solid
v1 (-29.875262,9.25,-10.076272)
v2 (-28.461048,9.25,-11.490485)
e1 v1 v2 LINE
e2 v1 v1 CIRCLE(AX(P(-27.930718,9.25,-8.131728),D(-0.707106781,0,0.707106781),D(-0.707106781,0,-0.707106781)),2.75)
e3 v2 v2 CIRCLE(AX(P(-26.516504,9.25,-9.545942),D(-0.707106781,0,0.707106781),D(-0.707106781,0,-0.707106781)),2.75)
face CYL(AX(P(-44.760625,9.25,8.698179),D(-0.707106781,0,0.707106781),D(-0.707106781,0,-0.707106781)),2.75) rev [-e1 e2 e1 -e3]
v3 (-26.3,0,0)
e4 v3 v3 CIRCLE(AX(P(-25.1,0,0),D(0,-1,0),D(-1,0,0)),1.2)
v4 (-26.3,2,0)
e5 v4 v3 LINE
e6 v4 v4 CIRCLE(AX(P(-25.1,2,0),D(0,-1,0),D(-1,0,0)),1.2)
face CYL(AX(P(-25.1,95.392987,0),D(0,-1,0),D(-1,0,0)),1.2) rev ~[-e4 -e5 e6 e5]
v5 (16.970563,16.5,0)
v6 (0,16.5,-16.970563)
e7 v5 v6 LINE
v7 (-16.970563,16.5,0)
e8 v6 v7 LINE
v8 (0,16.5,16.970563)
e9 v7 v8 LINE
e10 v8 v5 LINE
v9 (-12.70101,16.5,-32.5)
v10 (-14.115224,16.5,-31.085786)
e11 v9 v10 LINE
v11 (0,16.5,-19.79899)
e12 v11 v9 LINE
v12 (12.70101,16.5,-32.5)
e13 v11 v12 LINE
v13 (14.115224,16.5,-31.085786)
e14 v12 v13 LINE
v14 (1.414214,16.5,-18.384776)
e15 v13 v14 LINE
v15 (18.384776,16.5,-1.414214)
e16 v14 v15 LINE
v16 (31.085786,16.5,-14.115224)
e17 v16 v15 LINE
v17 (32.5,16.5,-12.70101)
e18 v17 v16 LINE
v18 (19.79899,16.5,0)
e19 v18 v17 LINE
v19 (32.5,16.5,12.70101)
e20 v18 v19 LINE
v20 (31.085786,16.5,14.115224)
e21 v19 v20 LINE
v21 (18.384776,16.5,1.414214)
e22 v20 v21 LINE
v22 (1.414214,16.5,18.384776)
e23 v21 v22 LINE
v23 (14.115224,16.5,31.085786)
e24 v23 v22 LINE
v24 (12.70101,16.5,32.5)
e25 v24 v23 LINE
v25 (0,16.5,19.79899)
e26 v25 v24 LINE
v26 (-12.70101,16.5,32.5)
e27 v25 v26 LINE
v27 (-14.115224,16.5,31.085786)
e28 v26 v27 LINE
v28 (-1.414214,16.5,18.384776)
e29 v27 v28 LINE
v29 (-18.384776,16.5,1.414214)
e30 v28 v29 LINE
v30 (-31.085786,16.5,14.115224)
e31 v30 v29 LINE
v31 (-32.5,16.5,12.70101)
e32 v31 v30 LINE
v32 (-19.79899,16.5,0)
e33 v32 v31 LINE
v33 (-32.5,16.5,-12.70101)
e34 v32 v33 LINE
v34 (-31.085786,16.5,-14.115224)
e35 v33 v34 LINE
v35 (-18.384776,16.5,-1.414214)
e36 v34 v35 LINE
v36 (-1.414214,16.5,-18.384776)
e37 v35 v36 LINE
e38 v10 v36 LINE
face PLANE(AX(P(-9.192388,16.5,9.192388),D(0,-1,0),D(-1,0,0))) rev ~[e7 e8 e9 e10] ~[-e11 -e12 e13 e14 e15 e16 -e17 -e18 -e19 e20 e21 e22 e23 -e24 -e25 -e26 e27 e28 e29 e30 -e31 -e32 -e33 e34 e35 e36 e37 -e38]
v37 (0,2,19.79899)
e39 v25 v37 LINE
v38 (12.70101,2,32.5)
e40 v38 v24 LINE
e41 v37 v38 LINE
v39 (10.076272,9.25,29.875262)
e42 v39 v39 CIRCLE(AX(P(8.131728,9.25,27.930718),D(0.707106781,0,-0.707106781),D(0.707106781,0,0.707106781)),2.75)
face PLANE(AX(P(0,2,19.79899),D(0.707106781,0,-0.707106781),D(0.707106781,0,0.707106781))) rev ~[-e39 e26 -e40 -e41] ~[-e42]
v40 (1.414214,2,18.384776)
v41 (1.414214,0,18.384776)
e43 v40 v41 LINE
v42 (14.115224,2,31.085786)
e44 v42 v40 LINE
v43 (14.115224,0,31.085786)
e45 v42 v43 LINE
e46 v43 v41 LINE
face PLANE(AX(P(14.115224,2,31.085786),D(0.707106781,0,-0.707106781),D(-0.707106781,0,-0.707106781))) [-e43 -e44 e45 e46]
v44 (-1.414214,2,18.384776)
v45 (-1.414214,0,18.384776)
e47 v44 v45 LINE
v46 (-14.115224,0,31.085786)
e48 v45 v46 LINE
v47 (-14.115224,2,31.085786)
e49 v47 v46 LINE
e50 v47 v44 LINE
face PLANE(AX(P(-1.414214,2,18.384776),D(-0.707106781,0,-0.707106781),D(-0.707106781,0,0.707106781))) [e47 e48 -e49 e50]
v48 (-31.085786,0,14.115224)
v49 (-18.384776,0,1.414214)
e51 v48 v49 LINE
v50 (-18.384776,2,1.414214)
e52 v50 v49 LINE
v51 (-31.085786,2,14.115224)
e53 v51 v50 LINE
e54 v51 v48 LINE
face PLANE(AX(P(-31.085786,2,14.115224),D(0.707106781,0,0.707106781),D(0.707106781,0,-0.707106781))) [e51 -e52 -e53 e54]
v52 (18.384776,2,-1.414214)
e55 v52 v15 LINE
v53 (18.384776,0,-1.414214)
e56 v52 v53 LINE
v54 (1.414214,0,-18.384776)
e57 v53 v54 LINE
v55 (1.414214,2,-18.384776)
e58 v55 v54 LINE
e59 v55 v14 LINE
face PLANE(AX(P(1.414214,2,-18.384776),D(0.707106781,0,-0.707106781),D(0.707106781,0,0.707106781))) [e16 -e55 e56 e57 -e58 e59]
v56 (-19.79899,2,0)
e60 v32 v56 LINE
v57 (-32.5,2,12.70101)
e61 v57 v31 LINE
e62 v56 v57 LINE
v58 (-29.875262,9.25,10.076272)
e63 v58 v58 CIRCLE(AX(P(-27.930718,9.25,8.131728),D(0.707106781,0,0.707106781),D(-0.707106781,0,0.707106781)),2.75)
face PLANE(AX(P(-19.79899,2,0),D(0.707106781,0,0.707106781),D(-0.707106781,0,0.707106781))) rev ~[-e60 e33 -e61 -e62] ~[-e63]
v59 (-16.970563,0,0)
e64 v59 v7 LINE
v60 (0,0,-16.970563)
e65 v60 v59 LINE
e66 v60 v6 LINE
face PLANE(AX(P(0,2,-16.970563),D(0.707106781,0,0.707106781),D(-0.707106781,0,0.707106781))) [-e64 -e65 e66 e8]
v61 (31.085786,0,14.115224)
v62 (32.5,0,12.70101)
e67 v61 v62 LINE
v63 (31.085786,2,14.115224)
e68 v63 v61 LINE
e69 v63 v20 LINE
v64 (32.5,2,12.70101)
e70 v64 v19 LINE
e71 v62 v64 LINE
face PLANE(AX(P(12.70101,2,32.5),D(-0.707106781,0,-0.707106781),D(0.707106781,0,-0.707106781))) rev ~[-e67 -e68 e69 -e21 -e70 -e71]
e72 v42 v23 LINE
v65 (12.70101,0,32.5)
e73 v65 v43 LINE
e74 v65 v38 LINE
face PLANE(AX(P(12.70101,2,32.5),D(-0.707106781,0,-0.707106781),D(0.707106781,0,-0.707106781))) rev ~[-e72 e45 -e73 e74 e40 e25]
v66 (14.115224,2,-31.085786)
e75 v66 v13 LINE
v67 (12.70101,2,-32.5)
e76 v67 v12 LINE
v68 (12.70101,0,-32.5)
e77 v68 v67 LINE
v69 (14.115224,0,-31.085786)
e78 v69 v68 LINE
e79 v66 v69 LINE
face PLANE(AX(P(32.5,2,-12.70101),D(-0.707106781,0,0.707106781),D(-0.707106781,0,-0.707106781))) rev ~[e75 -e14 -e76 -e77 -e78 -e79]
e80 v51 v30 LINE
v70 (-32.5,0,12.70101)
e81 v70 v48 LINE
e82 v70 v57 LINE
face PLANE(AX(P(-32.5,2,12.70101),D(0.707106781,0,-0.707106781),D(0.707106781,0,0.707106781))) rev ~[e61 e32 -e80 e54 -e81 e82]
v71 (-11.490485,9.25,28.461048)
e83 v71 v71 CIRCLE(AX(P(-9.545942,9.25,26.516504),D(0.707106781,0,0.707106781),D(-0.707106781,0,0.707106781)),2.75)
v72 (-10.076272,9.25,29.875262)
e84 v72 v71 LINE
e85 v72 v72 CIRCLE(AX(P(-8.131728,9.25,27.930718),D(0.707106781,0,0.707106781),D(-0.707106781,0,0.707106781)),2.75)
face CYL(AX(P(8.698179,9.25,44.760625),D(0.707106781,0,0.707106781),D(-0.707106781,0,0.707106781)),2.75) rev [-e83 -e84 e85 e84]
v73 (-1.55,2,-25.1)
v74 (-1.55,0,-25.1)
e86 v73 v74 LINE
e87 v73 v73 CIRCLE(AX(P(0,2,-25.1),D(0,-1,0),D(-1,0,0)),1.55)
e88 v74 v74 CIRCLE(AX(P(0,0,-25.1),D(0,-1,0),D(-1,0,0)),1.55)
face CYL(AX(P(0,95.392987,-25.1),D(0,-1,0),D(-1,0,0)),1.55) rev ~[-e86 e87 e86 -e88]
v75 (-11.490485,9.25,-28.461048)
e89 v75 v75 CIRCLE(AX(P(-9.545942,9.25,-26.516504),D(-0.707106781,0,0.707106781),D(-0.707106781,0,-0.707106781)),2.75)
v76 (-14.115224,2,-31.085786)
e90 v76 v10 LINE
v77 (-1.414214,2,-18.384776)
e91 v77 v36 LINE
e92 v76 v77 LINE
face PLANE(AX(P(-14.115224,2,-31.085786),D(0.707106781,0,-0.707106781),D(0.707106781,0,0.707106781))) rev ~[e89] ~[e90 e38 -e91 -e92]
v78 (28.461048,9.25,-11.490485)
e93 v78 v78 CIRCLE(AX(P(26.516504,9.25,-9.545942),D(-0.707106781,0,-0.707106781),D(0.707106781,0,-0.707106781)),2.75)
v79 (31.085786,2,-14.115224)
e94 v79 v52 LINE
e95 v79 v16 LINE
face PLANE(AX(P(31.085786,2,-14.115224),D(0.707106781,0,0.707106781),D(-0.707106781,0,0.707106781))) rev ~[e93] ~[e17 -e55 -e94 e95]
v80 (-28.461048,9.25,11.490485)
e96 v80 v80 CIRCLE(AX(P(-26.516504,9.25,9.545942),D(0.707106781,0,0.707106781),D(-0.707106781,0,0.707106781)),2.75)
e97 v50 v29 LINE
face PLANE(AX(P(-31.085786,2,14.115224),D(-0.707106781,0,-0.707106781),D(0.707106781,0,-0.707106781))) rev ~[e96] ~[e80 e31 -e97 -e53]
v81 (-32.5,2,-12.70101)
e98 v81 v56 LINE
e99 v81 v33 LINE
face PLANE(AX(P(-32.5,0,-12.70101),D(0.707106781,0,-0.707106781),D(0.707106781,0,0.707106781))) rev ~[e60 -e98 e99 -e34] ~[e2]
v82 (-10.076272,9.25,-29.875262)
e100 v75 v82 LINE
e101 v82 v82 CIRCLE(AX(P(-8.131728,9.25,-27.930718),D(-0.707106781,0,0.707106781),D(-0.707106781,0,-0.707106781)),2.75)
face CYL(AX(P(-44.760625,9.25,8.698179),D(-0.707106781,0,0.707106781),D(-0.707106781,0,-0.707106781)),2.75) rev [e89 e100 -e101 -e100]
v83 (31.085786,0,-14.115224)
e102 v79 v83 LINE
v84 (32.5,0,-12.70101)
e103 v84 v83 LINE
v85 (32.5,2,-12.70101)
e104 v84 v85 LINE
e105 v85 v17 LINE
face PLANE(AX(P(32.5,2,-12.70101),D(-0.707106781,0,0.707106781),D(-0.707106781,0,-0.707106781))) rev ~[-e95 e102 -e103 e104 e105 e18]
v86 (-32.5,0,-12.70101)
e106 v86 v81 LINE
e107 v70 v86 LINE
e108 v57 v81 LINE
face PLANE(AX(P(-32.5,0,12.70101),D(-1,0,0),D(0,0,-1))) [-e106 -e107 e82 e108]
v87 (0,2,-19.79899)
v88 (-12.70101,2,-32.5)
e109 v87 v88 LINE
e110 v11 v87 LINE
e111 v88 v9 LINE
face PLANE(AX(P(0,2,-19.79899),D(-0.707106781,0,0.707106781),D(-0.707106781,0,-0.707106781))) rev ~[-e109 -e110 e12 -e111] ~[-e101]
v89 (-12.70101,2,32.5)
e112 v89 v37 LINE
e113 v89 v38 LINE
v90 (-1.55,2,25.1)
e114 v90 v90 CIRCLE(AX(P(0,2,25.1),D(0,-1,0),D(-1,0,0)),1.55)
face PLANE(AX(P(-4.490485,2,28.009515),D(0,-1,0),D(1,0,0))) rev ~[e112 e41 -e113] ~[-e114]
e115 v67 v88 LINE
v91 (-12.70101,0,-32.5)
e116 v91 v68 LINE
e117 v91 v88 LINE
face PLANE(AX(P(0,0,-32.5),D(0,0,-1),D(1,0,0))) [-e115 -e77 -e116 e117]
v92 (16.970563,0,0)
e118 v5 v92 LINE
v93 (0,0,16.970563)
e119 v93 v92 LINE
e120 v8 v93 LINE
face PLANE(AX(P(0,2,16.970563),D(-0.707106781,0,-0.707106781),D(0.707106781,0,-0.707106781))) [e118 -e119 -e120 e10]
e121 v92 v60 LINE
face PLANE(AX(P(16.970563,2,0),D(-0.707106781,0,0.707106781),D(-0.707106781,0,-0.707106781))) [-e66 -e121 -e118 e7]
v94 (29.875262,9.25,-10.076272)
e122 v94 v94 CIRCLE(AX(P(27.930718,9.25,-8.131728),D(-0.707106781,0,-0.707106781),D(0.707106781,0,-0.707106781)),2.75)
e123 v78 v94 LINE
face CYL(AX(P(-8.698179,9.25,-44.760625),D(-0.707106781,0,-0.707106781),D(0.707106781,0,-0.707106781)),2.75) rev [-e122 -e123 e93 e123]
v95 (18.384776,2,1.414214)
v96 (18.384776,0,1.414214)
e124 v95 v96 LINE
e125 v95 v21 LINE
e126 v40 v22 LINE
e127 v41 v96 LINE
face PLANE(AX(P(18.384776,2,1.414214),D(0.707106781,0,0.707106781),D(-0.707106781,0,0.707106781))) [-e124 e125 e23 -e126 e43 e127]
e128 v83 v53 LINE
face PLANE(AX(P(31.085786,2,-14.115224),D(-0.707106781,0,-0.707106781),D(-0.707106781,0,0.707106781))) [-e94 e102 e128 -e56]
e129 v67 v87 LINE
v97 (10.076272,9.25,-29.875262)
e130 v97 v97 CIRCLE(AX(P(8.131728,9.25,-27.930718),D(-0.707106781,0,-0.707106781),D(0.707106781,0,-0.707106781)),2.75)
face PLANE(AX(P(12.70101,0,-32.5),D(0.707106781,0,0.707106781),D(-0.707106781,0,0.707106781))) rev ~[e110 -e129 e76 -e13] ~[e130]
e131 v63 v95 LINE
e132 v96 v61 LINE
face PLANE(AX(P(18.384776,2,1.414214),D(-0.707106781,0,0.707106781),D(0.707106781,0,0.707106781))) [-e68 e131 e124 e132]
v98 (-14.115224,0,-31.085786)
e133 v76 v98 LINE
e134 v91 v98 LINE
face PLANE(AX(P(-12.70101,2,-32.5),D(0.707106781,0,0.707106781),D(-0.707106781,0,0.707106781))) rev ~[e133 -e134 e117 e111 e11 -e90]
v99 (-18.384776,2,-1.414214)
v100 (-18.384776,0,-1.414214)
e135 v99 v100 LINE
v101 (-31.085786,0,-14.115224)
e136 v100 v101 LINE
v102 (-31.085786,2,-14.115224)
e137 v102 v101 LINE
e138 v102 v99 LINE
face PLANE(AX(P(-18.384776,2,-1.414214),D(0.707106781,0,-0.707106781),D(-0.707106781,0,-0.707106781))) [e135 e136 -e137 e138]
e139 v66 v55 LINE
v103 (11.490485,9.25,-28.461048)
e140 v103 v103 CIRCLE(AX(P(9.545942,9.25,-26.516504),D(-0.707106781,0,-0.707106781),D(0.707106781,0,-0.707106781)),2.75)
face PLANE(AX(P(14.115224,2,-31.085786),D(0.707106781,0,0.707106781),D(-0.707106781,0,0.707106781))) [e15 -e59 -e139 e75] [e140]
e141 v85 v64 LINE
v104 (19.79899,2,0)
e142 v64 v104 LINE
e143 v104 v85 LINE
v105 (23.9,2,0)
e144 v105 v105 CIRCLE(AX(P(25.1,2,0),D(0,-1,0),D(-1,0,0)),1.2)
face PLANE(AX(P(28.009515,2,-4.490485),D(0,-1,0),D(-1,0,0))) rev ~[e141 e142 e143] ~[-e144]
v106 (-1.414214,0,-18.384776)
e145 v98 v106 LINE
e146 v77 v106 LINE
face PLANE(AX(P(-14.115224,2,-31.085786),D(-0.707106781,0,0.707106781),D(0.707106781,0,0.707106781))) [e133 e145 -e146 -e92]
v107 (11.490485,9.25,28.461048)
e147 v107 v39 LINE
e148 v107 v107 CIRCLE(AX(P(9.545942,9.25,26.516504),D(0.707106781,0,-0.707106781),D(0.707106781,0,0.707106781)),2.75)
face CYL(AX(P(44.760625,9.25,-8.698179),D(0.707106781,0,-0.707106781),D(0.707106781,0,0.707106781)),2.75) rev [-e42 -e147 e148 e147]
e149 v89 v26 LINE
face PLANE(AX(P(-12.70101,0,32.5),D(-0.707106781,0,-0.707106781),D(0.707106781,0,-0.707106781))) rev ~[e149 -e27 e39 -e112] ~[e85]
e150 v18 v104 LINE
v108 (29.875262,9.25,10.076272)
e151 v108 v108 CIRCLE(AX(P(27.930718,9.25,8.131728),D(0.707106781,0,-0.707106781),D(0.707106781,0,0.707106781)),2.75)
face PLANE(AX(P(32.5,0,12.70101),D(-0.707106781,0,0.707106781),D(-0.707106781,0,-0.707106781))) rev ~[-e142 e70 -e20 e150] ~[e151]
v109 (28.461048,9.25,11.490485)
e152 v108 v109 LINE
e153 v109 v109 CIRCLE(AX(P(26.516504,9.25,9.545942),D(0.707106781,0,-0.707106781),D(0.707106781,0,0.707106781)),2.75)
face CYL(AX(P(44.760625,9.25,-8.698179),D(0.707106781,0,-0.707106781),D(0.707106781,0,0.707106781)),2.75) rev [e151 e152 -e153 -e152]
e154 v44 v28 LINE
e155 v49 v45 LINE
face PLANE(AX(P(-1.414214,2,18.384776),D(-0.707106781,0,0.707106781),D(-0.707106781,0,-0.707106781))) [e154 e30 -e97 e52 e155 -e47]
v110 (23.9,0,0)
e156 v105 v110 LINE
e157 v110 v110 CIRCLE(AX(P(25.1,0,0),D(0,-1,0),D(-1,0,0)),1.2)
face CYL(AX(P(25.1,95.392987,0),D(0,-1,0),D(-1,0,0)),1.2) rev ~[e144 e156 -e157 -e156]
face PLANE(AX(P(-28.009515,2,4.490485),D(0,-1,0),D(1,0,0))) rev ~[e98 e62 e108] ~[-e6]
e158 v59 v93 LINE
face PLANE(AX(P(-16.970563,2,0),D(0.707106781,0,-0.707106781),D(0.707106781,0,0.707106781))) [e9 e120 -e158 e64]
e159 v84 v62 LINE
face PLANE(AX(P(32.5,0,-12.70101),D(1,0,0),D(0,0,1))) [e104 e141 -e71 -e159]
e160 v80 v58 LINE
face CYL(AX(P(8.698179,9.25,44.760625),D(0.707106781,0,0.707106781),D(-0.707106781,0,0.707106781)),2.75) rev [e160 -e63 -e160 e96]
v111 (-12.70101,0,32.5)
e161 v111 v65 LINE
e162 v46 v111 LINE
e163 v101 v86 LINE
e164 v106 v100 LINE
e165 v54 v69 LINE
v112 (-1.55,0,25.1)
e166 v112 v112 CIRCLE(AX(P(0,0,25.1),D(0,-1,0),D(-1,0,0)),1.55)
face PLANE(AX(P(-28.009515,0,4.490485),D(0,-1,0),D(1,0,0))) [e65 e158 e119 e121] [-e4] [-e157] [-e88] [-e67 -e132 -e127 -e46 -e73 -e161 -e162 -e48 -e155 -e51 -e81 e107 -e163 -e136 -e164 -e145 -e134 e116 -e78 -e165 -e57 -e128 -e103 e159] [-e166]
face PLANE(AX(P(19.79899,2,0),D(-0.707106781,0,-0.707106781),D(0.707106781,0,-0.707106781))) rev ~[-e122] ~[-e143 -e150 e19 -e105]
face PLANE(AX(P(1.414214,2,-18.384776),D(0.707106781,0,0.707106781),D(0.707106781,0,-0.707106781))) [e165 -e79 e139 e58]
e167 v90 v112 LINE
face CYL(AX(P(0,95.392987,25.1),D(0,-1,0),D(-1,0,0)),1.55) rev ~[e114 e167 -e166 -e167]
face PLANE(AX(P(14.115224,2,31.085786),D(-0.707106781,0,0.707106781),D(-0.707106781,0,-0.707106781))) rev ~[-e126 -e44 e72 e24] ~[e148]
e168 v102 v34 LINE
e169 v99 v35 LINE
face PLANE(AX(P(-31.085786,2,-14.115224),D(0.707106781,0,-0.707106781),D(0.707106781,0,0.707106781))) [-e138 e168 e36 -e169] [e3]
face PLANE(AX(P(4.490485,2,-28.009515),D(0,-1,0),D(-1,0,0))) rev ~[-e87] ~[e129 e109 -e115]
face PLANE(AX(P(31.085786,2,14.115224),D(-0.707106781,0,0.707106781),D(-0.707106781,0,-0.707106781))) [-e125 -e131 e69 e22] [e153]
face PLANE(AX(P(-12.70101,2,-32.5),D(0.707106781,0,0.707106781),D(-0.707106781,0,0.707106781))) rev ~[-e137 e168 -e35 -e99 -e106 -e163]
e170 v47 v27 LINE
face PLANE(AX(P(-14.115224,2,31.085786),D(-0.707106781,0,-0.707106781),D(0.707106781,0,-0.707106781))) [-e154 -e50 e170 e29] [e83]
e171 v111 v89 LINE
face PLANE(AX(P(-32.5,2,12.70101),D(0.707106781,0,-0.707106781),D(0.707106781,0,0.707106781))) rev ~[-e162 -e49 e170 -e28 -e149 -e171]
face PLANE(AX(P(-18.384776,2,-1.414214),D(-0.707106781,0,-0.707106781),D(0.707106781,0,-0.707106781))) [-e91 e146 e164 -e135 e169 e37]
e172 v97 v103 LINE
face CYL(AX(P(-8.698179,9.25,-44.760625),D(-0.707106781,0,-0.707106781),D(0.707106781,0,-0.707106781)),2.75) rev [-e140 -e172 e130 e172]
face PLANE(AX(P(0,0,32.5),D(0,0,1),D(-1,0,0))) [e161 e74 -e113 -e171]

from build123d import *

# Parameters (mm, degrees)
GENERAL_SHAPE_DEPTH             = 2
RETAINING_WALLS_DEPTH           = 14.5
EXTERIOR_MOUNTING_EDGE_DEPTH    = 2
REAR_WALL_DEPTH                 = 14.5
CUT_EXTRUDE2_DEPTH              = 51.801082666
CUT_EXTRUDE2_DEPTH_BACK         = 51.801082666
SKETCH35_R                      = 2.75
CIRPATTERN2_COUNT               = 4
EXTERIOR_MOUNTING_HOLE_D        = 2.4
SHOULDER_SCREW_MOUNTING_HOLES_D = 3.1
CUT_EXTRUDE1_REACH              = 50.195


with BuildPart() as part:
    # Sketch3 → General shape (new body)
    with BuildSketch(Plane(origin=(0, 0, 0), x_dir=(1, 0, 0), z_dir=(0, 1, 0))):
        Polygon((-32.5, -12.701010127), (-12.701010127, -32.5), (0, -19.798989873), (0, 0), (-19.798989873, 0), align=None)
    extrude(amount=GENERAL_SHAPE_DEPTH)

    # Sketch4 → Retaining walls (add)
    with BuildSketch(Plane(origin=(0, 2, 0), x_dir=(1, 0, 0), z_dir=(0, 1, 0))):
        Polygon((-19.798989873, 0), (-32.5, -12.701010127), (-31.085786438, -14.115223689), (-16.970562748, 0), align=None)
        Polygon((-14.115223689, -31.085786438), (0, -16.970562748), (0, -19.798989873), (-12.701010127, -32.5), align=None)
    extrude(amount=RETAINING_WALLS_DEPTH)

    # Sketch14 → Exterior mounting edge (add)
    with BuildSketch(Plane.XZ):
        Polygon((-19.798989873, 0), (-32.5, 12.701010127), (-32.5, 0), align=None)
        Polygon((0, 19.798989873), (0, 32.5), (-12.701010127, 32.5), align=None)
    extrude(amount=-EXTERIOR_MOUNTING_EDGE_DEPTH)

    # Sketch18 → Rear wall (add)
    with BuildSketch(Plane(origin=(0, 2, 0), x_dir=(1, 0, 0), z_dir=(0, 1, 0))):
        Polygon((-16.970562748, 0), (0, -16.970562748), (-1.414213562, -18.384776311), (-18.384776311, -1.414213562), align=None)
    extrude(amount=REAR_WALL_DEPTH)

    # Sketch35 → Cut-Extrude2 (cut, two sides: drawn at the far end of the back side and taken through both)
    with BuildSketch(Plane(origin=(-9.899494937, 0, -9.899494937), x_dir=(-0.7071067811865475, 0, 0.7071067811865477), z_dir=(-0.7071067811865477, 0, -0.7071067811865475)).offset(-CUT_EXTRUDE2_DEPTH_BACK)):
        with Locations((25.5, 9.25)):
            Circle(SKETCH35_R)
    extrude(amount=CUT_EXTRUDE2_DEPTH + CUT_EXTRUDE2_DEPTH_BACK, mode=Mode.SUBTRACT)


with BuildPart() as cirpattern2_1:
    # CirPattern2: pattern copy
    add(part.part.rotate(Axis((0, 0, 0), (0, 1, 0)), 1 * 360 / CIRPATTERN2_COUNT))


with BuildPart() as cirpattern2_2:
    # CirPattern2: pattern copy
    add(part.part.rotate(Axis((0, 0, 0), (0, 1, 0)), 2 * 360 / CIRPATTERN2_COUNT))


with BuildPart() as cirpattern2_3:
    # CirPattern2: pattern copy
    add(part.part.rotate(Axis((0, 0, 0), (0, 1, 0)), 3 * 360 / CIRPATTERN2_COUNT))

    # Combine1: union CirPattern2_1, CirPattern2_2, part
    add(cirpattern2_1.part)
    add(cirpattern2_2.part)
    add(part.part)

    # Exterior mounting hole (through all)
    with Locations(Plane(origin=(0, 2, 0), x_dir=(1, 0, 0), z_dir=(0, 1, 0))):
        with Locations((-25.1, 0), (25.1, 0)):
            Hole(EXTERIOR_MOUNTING_HOLE_D / 2)

    # Shoulder screw mounting holes (through all)
    with Locations(Plane(origin=(0, 2, 0), x_dir=(1, 0, 0), z_dir=(0, 1, 0))):
        with Locations((0, -25.1), (0, 25.1)):
            Hole(SHOULDER_SCREW_MOUNTING_HOLES_D / 2)

    # Sketch23 → Cut-Extrude1 (cut, up to next)
    with BuildSketch(Plane(origin=(0, 2, 0), x_dir=(1, 0, 0), z_dir=(0, 1, 0)), mode=Mode.PRIVATE) as cut_extrude1_sk1:
        Polygon((0, 16.970562748), (-16.970562748, 0), (0, -16.970562748), (16.970562748, 0), align=None)
    cut_extrude1_tool1 = extrude(cut_extrude1_sk1.sketch, amount=-CUT_EXTRUDE1_REACH, mode=Mode.PRIVATE) & cirpattern2_3.part
    # Sketch23 → Cut-Extrude1 (cut, up to next)
    with BuildSketch(Plane(origin=(0, 2, 0), x_dir=(1, 0, 0), z_dir=(0, 1, 0)), mode=Mode.PRIVATE) as cut_extrude1_sk2:
        Polygon((31.085786438, 14.115223689), (18.384776311, 1.414213562), (1.414213562, 18.384776311), (14.115223689, 31.085786438), align=None)
    cut_extrude1_tool2 = extrude(cut_extrude1_sk2.sketch, amount=-CUT_EXTRUDE1_REACH, mode=Mode.PRIVATE) & cirpattern2_3.part
    # Sketch23 → Cut-Extrude1 (cut, up to next)
    with BuildSketch(Plane(origin=(0, 2, 0), x_dir=(1, 0, 0), z_dir=(0, 1, 0)), mode=Mode.PRIVATE) as cut_extrude1_sk3:
        Polygon((-18.384776311, 1.414213562), (-31.085786438, 14.115223689), (-14.115223689, 31.085786438), (-1.414213562, 18.384776311), align=None)
    cut_extrude1_tool3 = extrude(cut_extrude1_sk3.sketch, amount=-CUT_EXTRUDE1_REACH, mode=Mode.PRIVATE) & cirpattern2_3.part
    # Sketch23 → Cut-Extrude1 (cut, up to next)
    with BuildSketch(Plane(origin=(0, 2, 0), x_dir=(1, 0, 0), z_dir=(0, 1, 0)), mode=Mode.PRIVATE) as cut_extrude1_sk4:
        Polygon((-1.414213562, -18.384776311), (-14.115223689, -31.085786438), (-31.085786438, -14.115223689), (-18.384776311, -1.414213562), align=None)
    cut_extrude1_tool4 = extrude(cut_extrude1_sk4.sketch, amount=-CUT_EXTRUDE1_REACH, mode=Mode.PRIVATE) & cirpattern2_3.part
    # Sketch23 → Cut-Extrude1 (cut, up to next)
    with BuildSketch(Plane(origin=(0, 2, 0), x_dir=(1, 0, 0), z_dir=(0, 1, 0)), mode=Mode.PRIVATE) as cut_extrude1_sk5:
        Polygon((14.115223689, -31.085786438), (1.414213562, -18.384776311), (18.384776311, -1.414213562), (31.085786438, -14.115223689), align=None)
    cut_extrude1_tool5 = extrude(cut_extrude1_sk5.sketch, amount=-CUT_EXTRUDE1_REACH, mode=Mode.PRIVATE) & cirpattern2_3.part
    add(cut_extrude1_tool1.solids().sort_by_distance((0, 2, 0))[0], mode=Mode.SUBTRACT)
    add(cut_extrude1_tool2.solids().sort_by_distance((16.25, 2, -16.25))[0], mode=Mode.SUBTRACT)
    add(cut_extrude1_tool3.solids().sort_by_distance((-16.25, 2, -16.25))[0], mode=Mode.SUBTRACT)
    add(cut_extrude1_tool4.solids().sort_by_distance((-16.25, 2, 16.25))[0], mode=Mode.SUBTRACT)
    add(cut_extrude1_tool5.solids().sort_by_distance((16.25, 2, 16.25))[0], mode=Mode.SUBTRACT)


solid = cirpattern2_3.part
